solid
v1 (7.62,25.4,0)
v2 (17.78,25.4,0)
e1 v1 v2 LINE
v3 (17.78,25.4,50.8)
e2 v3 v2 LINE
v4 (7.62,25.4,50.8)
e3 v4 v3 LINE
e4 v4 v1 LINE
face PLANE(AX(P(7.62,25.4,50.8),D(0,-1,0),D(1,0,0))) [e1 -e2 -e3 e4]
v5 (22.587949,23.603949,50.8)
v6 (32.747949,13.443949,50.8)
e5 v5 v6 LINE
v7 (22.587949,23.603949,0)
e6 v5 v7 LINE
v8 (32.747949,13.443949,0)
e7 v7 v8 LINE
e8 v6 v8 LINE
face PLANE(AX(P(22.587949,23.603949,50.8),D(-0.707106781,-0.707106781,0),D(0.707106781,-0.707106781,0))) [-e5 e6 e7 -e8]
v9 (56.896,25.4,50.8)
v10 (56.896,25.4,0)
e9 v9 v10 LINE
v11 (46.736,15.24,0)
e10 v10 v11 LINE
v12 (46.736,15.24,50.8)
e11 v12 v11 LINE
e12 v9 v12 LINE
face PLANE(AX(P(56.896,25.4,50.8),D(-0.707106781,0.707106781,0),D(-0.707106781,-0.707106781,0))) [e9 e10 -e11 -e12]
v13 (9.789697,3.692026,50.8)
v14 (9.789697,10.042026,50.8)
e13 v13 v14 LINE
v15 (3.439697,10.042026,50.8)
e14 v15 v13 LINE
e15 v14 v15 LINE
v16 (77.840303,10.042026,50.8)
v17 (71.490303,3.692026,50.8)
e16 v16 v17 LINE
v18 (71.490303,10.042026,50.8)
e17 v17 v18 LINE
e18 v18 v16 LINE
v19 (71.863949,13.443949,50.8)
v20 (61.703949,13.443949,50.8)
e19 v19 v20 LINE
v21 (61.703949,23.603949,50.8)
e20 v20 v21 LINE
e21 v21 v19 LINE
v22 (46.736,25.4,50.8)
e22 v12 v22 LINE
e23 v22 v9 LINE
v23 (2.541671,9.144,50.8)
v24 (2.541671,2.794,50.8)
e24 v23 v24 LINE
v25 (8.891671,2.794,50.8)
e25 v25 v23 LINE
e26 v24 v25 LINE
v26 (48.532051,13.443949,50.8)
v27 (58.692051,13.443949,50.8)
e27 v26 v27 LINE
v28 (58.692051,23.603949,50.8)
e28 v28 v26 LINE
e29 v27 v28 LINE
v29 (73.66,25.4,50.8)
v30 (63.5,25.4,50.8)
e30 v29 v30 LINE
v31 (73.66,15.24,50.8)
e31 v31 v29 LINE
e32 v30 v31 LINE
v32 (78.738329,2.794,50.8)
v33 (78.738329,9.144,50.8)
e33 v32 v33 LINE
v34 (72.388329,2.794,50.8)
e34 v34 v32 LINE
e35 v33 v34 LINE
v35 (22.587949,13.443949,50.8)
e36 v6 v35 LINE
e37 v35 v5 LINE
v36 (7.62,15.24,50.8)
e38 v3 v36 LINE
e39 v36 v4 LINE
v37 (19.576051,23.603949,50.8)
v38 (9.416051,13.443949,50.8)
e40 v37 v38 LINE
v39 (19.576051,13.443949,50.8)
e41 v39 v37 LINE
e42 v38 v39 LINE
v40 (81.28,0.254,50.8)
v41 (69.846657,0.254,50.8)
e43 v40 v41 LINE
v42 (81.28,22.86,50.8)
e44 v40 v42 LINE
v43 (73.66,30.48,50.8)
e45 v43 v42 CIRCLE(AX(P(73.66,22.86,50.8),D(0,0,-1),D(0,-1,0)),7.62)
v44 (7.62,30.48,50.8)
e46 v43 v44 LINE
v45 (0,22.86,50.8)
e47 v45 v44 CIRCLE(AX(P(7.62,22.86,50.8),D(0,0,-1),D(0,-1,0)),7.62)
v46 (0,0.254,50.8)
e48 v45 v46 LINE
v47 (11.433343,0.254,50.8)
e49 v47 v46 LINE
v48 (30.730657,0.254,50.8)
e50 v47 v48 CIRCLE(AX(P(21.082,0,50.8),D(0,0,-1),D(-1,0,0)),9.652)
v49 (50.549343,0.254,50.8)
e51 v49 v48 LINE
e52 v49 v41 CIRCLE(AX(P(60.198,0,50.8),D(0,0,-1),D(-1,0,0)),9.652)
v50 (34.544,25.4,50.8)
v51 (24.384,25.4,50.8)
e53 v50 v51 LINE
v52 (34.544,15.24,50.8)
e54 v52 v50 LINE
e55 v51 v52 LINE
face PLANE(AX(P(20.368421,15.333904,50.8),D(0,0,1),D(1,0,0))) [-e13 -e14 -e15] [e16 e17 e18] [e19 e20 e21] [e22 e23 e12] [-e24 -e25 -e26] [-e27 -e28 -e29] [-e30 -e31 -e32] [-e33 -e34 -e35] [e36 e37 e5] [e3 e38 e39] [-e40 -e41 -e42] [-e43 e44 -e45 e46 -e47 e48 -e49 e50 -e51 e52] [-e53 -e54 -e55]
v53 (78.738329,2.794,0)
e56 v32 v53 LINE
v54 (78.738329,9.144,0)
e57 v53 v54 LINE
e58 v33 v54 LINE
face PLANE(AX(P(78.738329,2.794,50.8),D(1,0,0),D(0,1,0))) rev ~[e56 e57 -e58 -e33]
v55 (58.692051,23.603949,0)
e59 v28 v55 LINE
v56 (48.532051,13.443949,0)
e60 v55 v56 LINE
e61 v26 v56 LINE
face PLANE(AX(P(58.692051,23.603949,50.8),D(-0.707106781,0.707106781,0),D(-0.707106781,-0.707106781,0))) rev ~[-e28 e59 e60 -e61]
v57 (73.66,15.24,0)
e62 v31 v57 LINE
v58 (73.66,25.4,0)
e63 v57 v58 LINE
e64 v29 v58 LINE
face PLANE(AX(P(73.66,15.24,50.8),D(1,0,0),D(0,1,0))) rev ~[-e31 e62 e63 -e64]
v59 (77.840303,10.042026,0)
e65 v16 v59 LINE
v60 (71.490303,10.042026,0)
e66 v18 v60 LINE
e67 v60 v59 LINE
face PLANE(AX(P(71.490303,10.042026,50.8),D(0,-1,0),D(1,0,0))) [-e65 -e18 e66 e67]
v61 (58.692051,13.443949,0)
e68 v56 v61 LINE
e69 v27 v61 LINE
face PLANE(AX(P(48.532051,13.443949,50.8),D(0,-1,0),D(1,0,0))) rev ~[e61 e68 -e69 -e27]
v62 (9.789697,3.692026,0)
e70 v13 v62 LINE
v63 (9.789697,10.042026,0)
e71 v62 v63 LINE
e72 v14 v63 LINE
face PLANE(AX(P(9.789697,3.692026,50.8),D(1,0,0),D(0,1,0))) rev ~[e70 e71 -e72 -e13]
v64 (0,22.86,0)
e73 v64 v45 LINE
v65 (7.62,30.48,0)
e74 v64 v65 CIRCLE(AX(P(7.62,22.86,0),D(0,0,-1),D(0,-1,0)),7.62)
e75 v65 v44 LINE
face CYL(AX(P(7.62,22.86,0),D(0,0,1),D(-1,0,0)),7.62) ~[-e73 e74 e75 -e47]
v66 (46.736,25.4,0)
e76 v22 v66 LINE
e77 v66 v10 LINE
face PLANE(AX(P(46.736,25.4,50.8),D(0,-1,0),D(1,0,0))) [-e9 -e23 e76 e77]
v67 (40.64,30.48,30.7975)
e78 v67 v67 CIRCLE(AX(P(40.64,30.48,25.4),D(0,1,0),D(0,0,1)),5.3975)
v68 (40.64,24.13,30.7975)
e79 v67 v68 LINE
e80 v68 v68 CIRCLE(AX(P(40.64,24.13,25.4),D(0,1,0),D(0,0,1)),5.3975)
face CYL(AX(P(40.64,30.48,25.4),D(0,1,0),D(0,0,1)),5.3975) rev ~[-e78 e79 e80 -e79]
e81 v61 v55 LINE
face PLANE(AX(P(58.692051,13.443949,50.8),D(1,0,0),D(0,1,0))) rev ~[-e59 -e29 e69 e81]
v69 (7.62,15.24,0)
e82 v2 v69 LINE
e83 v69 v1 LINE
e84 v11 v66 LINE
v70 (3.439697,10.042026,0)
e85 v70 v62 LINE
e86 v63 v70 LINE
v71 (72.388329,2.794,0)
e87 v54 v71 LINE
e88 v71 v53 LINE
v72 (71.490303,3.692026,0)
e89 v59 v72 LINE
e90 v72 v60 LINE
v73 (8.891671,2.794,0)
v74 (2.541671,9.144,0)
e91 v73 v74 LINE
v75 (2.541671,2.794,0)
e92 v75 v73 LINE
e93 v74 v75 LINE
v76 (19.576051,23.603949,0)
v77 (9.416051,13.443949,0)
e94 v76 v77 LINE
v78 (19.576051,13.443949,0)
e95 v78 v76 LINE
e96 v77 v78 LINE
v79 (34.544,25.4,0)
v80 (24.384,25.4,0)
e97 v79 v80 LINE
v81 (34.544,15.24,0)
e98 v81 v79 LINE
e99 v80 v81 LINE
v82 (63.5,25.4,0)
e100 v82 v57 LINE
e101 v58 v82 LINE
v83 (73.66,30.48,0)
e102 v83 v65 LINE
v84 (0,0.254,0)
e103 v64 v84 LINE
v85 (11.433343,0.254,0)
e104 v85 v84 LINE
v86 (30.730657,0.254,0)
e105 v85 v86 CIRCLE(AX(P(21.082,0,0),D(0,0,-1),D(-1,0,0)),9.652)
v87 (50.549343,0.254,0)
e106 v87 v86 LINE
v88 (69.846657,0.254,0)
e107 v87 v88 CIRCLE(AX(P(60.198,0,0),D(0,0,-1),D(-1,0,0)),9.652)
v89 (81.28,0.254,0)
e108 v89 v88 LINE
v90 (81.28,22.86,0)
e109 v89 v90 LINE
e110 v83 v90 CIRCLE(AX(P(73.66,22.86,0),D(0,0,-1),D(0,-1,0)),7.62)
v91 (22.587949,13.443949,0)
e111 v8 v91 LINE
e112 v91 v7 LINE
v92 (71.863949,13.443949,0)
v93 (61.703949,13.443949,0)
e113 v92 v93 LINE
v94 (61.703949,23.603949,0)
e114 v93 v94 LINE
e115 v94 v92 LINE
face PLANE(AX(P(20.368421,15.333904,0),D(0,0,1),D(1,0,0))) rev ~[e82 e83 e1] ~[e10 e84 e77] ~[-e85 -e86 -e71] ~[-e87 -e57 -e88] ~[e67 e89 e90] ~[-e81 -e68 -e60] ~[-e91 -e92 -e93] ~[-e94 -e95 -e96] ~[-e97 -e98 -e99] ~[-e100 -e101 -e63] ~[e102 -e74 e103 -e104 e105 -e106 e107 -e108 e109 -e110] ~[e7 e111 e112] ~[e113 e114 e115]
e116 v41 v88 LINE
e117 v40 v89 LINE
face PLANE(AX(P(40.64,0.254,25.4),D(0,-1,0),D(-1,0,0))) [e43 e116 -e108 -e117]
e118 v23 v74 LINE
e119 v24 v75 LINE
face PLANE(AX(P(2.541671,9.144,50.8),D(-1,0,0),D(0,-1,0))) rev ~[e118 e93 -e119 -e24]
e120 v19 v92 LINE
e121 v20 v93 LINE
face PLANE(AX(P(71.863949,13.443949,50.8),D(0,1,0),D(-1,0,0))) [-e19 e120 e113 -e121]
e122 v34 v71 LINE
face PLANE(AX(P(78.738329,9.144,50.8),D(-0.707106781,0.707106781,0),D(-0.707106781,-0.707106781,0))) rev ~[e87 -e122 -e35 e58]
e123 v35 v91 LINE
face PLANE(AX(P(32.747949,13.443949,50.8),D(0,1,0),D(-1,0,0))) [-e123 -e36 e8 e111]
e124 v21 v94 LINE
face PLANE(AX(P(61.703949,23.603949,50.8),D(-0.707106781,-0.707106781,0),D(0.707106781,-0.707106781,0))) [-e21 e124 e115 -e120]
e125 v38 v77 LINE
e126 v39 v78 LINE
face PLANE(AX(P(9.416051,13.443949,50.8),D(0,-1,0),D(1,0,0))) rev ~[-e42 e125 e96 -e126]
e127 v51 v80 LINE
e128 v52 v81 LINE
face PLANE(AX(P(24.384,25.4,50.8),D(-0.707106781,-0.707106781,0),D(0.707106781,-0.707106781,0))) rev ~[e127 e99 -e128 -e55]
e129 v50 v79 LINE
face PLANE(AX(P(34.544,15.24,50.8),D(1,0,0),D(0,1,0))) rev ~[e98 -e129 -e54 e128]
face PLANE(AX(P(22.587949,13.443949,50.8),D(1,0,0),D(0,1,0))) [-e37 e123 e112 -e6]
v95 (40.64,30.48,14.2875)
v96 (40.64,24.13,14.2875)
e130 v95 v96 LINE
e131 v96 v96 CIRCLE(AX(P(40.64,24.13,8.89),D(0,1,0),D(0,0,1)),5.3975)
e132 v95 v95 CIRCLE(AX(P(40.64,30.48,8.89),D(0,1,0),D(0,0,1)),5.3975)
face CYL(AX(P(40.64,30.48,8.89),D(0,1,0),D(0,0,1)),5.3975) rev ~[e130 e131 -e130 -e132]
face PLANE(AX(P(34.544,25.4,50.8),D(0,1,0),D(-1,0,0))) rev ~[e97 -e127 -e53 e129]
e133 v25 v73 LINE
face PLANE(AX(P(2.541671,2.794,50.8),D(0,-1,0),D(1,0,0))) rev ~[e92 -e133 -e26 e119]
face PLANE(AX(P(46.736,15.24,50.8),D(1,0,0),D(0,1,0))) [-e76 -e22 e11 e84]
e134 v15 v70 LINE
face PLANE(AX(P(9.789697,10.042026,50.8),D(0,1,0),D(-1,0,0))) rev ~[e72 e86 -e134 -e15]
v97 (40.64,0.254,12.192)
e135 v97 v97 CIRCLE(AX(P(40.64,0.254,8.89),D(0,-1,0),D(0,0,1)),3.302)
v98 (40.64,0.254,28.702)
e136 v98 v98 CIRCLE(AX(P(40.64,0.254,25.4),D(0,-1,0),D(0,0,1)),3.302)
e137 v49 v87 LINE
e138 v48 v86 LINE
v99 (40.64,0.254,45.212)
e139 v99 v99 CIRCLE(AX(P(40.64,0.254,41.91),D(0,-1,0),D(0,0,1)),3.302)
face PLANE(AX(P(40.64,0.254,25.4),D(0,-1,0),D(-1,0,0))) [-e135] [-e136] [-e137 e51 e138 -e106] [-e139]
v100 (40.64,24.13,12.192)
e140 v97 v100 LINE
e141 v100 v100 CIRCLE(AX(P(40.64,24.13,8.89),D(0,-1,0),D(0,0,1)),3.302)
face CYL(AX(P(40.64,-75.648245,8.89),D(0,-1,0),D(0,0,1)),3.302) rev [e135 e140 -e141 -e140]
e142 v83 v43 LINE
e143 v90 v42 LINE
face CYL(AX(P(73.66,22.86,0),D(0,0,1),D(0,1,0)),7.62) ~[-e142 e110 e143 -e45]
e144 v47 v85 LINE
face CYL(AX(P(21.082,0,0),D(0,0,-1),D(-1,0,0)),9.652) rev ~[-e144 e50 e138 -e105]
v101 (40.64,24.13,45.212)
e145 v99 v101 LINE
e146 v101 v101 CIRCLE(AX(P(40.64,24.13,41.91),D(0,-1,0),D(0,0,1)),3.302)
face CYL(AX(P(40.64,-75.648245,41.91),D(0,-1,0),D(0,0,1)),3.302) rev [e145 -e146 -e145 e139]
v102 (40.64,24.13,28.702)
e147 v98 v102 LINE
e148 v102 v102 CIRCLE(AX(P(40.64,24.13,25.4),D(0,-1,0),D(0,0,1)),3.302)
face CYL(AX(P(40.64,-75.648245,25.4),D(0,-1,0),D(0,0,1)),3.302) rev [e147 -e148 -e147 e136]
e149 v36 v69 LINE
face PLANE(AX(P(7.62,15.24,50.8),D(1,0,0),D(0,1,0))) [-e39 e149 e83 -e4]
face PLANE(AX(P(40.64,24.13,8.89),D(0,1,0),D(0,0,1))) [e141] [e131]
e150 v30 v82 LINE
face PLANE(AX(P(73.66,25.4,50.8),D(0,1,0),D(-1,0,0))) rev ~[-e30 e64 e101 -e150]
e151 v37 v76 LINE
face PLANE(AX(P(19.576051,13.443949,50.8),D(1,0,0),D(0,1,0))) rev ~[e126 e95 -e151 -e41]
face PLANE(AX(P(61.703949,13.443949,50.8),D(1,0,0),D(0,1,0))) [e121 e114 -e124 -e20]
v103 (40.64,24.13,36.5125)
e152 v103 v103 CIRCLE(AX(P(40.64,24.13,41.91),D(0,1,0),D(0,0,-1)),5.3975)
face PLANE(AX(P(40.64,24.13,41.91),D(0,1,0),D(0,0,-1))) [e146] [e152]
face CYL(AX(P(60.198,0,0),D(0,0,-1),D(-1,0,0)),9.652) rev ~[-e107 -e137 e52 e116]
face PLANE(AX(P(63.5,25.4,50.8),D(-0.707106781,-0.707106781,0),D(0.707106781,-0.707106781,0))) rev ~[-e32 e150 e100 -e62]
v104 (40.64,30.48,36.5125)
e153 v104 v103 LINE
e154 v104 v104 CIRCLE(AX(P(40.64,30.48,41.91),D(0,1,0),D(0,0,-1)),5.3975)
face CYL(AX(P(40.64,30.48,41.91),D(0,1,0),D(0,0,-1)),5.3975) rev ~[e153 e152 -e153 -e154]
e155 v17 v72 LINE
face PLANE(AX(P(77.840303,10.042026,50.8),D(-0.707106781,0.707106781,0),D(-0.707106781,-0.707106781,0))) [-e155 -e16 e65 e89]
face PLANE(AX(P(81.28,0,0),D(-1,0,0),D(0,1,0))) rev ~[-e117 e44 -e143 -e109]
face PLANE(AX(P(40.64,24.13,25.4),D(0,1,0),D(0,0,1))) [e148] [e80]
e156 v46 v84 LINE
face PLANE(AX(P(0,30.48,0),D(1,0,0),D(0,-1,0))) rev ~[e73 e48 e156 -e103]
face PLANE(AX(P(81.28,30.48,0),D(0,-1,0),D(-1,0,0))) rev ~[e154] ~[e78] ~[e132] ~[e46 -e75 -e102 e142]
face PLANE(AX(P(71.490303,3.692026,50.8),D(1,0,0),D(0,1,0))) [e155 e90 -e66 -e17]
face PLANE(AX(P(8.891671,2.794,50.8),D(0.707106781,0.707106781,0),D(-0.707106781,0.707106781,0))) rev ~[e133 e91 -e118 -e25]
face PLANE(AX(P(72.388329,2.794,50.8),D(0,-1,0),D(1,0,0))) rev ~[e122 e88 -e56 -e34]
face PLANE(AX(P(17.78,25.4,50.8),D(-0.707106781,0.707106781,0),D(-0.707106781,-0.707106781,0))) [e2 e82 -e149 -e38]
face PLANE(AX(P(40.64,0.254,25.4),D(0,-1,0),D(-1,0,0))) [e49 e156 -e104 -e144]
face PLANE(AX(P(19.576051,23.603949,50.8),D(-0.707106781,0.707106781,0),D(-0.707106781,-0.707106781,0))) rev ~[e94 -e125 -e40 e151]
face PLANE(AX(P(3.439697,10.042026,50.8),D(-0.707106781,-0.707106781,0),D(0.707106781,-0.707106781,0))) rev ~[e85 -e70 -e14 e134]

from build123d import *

# Parameters (mm, degrees)
BOSS_EXTRUDE1_DEPTH     = 50.8
SKETCH2_W               = 81.28
SKETCH2_H               = 50.8
CUT_EXTRUDE1_DEPTH      = 0.254
SKETCH3_R               = 5.3975
CUT_EXTRUDE2_DEPTH      = 6.35
CUT_EXTRUDE3_DEPTH      = 99.778245459
CUT_EXTRUDE3_DEPTH_BACK = 99.778245459
SKETCH4_R               = 3.302
CUT_EXTRUDE4_DEPTH      = 101.578868556
FILLET1_R               = 7.62


with BuildPart() as part:
    # Sketch1 → Boss-Extrude1 (new body)
    with BuildSketch(Plane.XY):
        with BuildLine():
            Line((30.734, 0), (40.64, 0))
            Line((40.64, 0), (40.64, 30.48))
            Line((40.64, 30.48), (0, 30.48))
            Line((0, 30.48), (0, 0))
            Line((0, 0), (11.43, 0))
            ThreePointArc((11.43, 0), (21.082, 9.652), (30.734, 0))
        make_face()
        with BuildLine():
            Line((40.64, 30.48), (40.64, 0))
            Line((40.64, 0), (50.546, 0))
            ThreePointArc((50.546, 0), (60.198, 9.652), (69.85, 0))
            Line((69.85, 0), (81.28, 0))
            Line((81.28, 0), (81.28, 30.48))
            Line((81.28, 30.48), (40.64, 30.48))
        make_face()
    extrude(amount=BOSS_EXTRUDE1_DEPTH)

    # Sketch2 → Cut-Extrude1 (cut)
    with BuildSketch(Plane(origin=(0, 0, 0), x_dir=(-1, 0, 0), z_dir=(0, -1, 0))):
        with Locations((-40.64, -25.4)):
            Rectangle(SKETCH2_W, SKETCH2_H)
    extrude(amount=-CUT_EXTRUDE1_DEPTH, mode=Mode.SUBTRACT)

    # Sketch3 → Cut-Extrude2 (cut)
    with BuildSketch(Plane(origin=(0, 30.48, 0), x_dir=(1, 0, 0), z_dir=(0, 1, 0))):
        with Locations(Location((40.64, -8.89, 0), (0, 0, 270))):
            Circle(SKETCH3_R)
        with Locations(Location((40.64, -41.91, 0), (0, 0, 90))):
            Circle(SKETCH3_R)
        with Locations(Location((40.64, -25.4, 0), (0, 0, 270))):
            Circle(SKETCH3_R)
    extrude(amount=-CUT_EXTRUDE2_DEPTH, mode=Mode.SUBTRACT)

    # Sketch4 → Cut-Extrude3 (cut, two sides: drawn at the far end of the back side and taken through both)
    with BuildSketch(Plane(origin=(0, 24.13, 0), x_dir=(1, 0, 0), z_dir=(0, 1, 0)).offset(-CUT_EXTRUDE3_DEPTH_BACK)):
        with Locations(Location((40.64, -8.89, 0), (0, 0, 270))):
            Circle(SKETCH4_R)
        with Locations(Location((40.64, -41.91, 0), (0, 0, 270))):
            Circle(SKETCH4_R)
        with Locations(Location((40.64, -25.4, 0), (0, 0, 270))):
            Circle(SKETCH4_R)
    extrude(amount=CUT_EXTRUDE3_DEPTH + CUT_EXTRUDE3_DEPTH_BACK, mode=Mode.SUBTRACT)

    # Sketch5 → Cut-Extrude4 (cut, through all)
    with BuildSketch(Plane.XY.offset(50.8)):
        Polygon((7.62, 15.24), (7.62, 25.4), (17.78, 25.4), align=None)
        Polygon((19.576051224, 13.443948776), (19.576051224, 23.603948776), (9.416051224, 13.443948776), align=None)
        Polygon((22.587948776, 23.603948776), (32.747948776, 13.443948776), (22.587948776, 13.443948776), align=None)
        Polygon((24.384, 25.4), (34.544, 15.24), (34.544, 25.4), align=None)
        Polygon((46.736, 15.24), (46.736, 25.4), (56.896, 25.4), align=None)
        Polygon((58.692051224, 13.443948776), (58.692051224, 23.603948776), (48.532051224, 13.443948776), align=None)
        Polygon((61.703948776, 23.603948776), (71.863948776, 13.443948776), (61.703948776, 13.443948776), align=None)
        Polygon((63.5, 25.4), (73.66, 15.24), (73.66, 25.4), align=None)
        Polygon((2.541671342, 2.794), (8.891671342, 2.794), (2.541671342, 9.144), align=None)
        Polygon((3.439696954, 10.042025612), (9.789696954, 3.692025612), (9.789696954, 10.042025612), align=None)
        Polygon((71.490303046, 10.042025612), (77.840303046, 10.042025612), (71.490303046, 3.692025612), align=None)
        Polygon((78.738328658, 9.144), (72.388328658, 2.794), (78.738328658, 2.794), align=None)
    extrude(amount=-CUT_EXTRUDE4_DEPTH, mode=Mode.SUBTRACT)

    # Fillet1
    fillet1_edges = [part.edges().sort_by_distance(p)[0] for p in [
        (0, 30.48, 25.4),
        (81.28, 30.48, 25.4),
    ]]
    fillet(fillet1_edges, radius=FILLET1_R)


solid = part.part
